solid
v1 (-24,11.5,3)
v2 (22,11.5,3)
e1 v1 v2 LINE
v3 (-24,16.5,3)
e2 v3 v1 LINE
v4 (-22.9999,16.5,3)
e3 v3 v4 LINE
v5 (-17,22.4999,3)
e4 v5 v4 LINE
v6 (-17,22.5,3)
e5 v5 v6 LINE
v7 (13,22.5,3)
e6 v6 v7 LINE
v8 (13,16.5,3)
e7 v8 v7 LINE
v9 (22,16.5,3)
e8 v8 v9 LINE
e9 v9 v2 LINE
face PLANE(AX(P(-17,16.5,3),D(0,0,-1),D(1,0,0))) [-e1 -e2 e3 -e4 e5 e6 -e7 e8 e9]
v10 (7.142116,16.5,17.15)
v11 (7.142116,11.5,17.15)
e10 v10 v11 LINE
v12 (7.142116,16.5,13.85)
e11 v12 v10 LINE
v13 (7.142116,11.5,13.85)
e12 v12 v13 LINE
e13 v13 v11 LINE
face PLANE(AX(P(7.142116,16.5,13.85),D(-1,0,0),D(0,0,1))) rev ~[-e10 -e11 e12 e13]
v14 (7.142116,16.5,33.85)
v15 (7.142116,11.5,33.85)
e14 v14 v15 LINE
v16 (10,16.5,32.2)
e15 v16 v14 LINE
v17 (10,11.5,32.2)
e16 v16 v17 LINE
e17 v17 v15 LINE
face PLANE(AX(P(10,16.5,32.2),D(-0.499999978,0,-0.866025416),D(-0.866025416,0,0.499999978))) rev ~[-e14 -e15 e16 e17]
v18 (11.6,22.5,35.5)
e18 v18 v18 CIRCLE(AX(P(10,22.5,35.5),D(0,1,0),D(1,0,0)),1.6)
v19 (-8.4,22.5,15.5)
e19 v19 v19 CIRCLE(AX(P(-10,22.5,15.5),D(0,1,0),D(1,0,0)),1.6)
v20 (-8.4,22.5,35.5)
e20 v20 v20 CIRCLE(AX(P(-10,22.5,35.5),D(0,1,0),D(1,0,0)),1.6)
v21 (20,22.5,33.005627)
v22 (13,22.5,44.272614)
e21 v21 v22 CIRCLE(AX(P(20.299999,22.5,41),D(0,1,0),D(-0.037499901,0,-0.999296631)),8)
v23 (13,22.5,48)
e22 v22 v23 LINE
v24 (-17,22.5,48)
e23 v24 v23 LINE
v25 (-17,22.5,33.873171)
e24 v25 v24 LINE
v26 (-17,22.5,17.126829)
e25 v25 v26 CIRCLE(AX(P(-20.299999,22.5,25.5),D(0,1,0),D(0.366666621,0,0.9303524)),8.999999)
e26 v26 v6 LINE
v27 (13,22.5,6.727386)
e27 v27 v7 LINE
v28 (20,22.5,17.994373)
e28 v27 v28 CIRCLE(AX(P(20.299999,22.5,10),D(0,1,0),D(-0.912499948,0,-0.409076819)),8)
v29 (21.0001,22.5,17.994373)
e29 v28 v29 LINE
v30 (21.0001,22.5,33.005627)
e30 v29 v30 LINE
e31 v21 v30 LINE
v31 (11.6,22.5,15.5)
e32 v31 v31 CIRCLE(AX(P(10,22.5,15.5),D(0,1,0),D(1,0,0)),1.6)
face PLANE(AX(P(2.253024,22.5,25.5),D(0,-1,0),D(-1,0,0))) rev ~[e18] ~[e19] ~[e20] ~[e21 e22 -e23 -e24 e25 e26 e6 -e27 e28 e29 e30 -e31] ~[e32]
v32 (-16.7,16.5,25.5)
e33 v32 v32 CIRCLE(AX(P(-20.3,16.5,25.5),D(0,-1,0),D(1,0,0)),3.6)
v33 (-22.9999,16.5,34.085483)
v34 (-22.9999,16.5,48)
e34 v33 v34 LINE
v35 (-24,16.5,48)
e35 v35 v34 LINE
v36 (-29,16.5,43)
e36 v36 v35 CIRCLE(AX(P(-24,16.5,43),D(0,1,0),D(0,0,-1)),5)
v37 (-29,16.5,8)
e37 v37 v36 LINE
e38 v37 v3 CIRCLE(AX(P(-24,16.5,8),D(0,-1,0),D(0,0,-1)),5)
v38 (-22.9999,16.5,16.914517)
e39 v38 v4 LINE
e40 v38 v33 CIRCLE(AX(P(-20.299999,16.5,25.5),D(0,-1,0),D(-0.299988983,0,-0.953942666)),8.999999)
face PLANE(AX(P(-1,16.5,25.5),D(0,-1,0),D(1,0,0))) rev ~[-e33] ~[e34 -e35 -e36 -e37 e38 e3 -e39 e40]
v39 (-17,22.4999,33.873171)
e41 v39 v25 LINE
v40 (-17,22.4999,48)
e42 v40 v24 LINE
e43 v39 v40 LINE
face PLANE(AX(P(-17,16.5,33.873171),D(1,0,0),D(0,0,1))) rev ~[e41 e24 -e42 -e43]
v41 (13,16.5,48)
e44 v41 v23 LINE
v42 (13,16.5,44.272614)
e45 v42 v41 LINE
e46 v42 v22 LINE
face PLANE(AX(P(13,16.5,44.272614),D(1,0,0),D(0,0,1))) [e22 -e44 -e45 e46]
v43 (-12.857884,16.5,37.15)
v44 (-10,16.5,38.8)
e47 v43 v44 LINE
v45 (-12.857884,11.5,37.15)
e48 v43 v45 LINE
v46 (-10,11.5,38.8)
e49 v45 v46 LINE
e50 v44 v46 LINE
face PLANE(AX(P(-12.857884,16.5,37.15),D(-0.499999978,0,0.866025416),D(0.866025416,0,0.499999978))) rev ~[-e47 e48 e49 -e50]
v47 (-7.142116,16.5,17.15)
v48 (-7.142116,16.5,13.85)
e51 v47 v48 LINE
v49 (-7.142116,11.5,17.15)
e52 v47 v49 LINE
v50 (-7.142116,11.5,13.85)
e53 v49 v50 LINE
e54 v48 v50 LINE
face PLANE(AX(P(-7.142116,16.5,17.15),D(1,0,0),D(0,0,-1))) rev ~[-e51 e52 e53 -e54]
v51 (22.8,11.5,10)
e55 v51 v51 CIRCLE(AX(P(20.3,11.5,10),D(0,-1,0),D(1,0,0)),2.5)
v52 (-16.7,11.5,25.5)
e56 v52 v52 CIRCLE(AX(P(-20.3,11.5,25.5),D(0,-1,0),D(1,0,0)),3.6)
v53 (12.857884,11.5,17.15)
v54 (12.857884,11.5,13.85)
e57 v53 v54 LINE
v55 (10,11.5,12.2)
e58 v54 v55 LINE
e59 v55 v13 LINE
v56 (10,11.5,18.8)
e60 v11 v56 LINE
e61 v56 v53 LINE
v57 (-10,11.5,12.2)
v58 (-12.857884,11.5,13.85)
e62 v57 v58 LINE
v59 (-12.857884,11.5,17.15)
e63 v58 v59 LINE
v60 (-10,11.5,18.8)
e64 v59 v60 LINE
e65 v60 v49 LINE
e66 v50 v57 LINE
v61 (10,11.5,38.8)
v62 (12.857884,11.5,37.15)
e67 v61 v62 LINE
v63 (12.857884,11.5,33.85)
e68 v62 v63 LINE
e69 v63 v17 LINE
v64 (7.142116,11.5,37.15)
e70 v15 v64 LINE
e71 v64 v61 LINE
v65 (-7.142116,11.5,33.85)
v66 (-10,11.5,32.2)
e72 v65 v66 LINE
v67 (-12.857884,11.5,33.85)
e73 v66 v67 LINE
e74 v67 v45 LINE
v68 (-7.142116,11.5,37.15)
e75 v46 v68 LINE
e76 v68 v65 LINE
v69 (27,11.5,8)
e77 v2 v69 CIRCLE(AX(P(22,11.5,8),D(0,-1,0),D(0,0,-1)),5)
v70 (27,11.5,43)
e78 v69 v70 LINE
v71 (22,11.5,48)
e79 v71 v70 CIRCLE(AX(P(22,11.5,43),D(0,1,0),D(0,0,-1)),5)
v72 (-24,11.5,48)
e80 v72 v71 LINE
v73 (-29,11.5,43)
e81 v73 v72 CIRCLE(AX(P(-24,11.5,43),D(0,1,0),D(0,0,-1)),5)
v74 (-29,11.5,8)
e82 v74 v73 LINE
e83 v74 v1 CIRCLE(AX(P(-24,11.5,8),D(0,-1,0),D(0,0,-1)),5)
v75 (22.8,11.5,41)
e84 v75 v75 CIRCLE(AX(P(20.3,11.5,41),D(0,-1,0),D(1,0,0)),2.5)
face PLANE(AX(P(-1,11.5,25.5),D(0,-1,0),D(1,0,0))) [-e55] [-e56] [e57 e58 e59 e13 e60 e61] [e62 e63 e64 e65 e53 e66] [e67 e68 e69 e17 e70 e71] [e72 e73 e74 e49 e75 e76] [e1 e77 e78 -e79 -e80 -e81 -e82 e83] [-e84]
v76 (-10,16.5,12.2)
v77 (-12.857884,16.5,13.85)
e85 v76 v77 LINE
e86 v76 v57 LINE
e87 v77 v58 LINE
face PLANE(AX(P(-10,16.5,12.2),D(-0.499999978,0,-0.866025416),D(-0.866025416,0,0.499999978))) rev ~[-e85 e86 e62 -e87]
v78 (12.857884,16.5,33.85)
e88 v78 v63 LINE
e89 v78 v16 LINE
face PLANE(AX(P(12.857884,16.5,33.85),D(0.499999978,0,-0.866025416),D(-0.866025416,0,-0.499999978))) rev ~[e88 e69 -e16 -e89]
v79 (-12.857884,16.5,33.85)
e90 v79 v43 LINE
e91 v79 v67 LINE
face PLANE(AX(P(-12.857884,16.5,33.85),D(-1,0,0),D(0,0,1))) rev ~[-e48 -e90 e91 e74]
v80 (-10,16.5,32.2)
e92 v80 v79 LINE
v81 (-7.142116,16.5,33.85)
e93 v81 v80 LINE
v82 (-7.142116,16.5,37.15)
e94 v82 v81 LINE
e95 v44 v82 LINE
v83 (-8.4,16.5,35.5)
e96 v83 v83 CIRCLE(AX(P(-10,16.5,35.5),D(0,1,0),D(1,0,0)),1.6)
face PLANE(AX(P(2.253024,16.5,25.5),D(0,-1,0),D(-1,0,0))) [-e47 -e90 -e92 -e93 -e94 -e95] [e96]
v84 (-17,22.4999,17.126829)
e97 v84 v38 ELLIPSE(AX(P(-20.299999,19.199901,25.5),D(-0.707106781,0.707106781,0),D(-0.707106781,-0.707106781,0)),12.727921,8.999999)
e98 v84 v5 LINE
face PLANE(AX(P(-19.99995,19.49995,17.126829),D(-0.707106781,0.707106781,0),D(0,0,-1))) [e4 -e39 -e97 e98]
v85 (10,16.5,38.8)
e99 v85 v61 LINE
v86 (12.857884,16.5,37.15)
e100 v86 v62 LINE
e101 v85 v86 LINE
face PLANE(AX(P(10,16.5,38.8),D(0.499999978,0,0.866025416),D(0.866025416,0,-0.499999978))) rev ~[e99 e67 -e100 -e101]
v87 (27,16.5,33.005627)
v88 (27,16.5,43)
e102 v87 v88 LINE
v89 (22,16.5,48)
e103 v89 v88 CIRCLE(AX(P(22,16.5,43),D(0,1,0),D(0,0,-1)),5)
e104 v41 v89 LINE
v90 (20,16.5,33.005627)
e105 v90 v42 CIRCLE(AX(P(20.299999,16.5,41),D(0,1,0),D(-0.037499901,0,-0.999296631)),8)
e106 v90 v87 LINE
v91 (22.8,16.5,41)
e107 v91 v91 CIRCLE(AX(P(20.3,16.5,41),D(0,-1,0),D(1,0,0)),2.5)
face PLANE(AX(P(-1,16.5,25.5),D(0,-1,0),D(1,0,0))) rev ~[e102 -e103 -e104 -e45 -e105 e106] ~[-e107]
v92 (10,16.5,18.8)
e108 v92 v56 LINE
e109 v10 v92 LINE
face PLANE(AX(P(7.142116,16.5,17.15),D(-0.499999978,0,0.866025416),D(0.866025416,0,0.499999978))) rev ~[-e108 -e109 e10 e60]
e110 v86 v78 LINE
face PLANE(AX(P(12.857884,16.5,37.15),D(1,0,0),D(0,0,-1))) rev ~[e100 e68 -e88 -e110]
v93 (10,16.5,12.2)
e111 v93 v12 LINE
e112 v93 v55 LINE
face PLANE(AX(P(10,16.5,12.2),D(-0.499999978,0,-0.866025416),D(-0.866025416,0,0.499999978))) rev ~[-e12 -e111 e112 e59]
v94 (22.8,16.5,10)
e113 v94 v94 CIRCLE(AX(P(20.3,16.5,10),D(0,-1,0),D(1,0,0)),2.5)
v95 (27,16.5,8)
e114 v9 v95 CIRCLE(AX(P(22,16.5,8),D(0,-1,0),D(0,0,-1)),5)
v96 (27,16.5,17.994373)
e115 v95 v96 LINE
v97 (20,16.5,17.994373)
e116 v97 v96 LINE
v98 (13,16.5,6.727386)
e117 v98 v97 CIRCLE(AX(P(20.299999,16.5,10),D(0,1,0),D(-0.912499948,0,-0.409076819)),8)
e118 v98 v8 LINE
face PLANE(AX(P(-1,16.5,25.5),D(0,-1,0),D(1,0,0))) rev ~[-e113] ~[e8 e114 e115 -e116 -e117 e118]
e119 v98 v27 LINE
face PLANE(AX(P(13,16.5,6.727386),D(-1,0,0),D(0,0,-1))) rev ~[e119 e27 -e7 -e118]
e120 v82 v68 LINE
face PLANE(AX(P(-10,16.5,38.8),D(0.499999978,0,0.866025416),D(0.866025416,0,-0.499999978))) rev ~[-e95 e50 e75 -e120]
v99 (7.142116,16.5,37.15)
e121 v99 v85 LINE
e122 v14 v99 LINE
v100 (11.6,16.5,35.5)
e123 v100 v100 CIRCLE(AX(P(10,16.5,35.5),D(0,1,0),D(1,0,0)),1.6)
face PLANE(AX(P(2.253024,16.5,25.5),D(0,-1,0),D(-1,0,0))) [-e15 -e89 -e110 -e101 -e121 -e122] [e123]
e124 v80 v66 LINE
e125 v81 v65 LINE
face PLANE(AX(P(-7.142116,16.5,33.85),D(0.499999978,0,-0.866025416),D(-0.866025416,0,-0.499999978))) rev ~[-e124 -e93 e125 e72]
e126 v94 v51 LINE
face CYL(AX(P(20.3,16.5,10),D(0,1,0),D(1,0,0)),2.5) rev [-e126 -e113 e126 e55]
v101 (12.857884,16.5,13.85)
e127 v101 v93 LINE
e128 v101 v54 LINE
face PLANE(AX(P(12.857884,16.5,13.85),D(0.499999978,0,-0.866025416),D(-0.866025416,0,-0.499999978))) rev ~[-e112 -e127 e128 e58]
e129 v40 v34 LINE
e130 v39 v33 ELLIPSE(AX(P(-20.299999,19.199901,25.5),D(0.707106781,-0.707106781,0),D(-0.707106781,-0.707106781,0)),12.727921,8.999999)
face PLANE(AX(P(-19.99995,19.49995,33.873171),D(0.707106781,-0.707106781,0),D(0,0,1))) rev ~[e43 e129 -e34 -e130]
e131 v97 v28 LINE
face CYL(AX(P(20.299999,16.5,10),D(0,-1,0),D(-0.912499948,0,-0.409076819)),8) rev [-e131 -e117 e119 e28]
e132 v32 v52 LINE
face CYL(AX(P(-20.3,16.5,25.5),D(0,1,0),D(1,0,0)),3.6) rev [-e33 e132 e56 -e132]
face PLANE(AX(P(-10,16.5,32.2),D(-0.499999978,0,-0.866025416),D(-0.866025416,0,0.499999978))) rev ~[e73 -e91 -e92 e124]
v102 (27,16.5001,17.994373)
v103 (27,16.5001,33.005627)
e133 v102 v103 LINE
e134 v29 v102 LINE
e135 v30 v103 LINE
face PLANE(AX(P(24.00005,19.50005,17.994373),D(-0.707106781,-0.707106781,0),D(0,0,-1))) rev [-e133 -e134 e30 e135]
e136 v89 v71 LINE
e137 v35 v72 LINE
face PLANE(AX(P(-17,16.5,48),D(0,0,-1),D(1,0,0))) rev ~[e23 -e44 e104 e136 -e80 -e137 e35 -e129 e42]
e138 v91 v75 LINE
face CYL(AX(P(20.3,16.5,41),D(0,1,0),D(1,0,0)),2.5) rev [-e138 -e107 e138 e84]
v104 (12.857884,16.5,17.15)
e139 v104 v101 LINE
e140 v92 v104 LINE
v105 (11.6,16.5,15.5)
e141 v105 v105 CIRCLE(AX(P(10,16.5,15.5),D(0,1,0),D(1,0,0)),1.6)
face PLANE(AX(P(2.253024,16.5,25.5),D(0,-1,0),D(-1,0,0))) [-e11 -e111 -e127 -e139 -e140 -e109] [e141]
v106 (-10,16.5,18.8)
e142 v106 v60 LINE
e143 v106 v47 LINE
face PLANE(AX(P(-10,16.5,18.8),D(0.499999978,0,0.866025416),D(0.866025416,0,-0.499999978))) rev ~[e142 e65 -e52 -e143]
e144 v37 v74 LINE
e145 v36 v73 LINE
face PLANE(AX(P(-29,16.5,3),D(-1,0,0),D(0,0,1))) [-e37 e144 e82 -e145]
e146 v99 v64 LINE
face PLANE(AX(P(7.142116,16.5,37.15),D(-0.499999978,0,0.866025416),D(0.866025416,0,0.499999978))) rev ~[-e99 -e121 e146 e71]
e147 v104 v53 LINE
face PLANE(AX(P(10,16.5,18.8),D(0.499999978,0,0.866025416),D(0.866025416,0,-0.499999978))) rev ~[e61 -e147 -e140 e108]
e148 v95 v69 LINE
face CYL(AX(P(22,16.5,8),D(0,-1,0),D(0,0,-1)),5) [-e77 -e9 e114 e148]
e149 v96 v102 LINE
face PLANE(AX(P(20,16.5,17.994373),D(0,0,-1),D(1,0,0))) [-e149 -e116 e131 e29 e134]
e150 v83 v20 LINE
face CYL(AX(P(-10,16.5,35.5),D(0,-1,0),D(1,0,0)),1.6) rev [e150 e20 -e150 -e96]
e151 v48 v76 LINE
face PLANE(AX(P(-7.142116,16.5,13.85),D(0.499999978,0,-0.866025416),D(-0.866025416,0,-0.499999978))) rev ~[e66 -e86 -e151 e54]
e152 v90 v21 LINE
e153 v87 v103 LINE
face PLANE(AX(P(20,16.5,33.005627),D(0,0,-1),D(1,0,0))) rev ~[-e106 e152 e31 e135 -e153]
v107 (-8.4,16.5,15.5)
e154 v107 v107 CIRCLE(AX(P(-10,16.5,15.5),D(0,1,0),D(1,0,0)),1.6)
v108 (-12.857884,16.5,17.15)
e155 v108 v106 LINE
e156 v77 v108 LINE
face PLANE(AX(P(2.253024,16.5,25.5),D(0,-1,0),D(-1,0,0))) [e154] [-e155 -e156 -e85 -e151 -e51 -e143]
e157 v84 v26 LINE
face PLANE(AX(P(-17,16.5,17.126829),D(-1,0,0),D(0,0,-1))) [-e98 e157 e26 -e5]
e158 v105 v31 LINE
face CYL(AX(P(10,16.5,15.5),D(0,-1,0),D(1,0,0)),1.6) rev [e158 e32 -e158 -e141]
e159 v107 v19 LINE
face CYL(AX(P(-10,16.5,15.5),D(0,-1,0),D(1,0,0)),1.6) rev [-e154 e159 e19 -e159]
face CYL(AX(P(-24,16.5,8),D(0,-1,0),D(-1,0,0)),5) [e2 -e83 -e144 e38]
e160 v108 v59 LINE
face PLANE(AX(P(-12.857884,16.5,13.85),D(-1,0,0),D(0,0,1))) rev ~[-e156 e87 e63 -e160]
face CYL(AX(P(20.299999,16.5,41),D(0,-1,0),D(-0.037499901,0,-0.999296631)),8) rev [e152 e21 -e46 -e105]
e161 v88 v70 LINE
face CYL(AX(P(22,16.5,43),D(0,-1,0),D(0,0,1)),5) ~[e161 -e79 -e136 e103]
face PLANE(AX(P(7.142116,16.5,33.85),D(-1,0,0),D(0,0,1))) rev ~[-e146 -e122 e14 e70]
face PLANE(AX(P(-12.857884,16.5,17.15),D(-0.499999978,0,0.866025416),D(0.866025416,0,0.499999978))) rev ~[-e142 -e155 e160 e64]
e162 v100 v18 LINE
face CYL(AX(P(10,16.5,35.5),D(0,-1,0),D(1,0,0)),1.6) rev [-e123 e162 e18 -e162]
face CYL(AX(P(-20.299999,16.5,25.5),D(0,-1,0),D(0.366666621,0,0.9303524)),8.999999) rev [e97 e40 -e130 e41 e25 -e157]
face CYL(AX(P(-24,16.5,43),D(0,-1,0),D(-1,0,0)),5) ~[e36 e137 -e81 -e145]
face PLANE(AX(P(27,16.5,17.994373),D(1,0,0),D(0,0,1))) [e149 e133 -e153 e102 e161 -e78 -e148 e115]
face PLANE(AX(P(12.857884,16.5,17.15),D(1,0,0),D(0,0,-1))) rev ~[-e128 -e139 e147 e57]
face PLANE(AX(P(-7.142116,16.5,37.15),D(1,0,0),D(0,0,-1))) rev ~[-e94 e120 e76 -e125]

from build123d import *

# Parameters (mm, degrees)
SKETCH050_W     = 56
SKETCH050_H     = 45
SKETCH050_R     = 2.5
SKETCH050_R_2   = 3.6
PAD021_DEPTH    = 5
FILLET004_R     = 5
POCKET019_DEPTH = 5
SKETCH051_R     = 1.6
PAD022_DEPTH    = 6
CHAMFER013_SIZE = 5.9999


with BuildPart() as part:
    # Sketch050 → Pad021 (new body)
    with BuildSketch(Plane.XZ):
        with Locations((-1, 25.5)):
            Rectangle(SKETCH050_W, SKETCH050_H)
        with Locations((20.3, 10)):
            Circle(SKETCH050_R, mode=Mode.SUBTRACT)
        with Locations((20.3, 41)):
            Circle(SKETCH050_R, mode=Mode.SUBTRACT)
        with Locations((-20.3, 25.5)):
            Circle(SKETCH050_R_2, mode=Mode.SUBTRACT)
    extrude(amount=PAD021_DEPTH)

    # Fillet004
    fillet004_edges = [part.edges().sort_by_distance(p)[0] for p in [
        (27, -2.5, 48),
        (27, -2.5, 3),
        (-29, -2.5, 3),
        (-29, -2.5, 48),
    ]]
    fillet(fillet004_edges, radius=FILLET004_R)

    # Sketch049 (on Face2 of Fillet004) → Pocket019 (cut)
    with BuildSketch(Plane(origin=(0, 0, 0), x_dir=(1, 0, 0), z_dir=(0, 1, 0))):
        Polygon((-7.142116, -17.15), (-7.142116, -13.85), (-10, -12.2), (-12.857884, -13.85), (-12.857884, -17.15), (-10, -18.8), align=None)
        Polygon((-7.142116, -33.85), (-10, -32.2), (-12.857884, -33.85), (-12.857884, -37.15), (-10, -38.8), (-7.142116, -37.15), align=None)
        Polygon((12.857884, -37.15), (12.857884, -33.85), (10, -32.2), (7.142116, -33.85), (7.142116, -37.15), (10, -38.8), align=None)
        Polygon((12.857884, -17.15), (12.857884, -13.85), (10, -12.2), (7.142116, -13.85), (7.142116, -17.15), (10, -18.8), align=None)
    extrude(amount=-POCKET019_DEPTH, mode=Mode.SUBTRACT)

    # Sketch051 (on Face2 of Pocket019) → Pad022 (join)
    with BuildSketch(Plane(origin=(0, 0, 0), x_dir=(1, 0, 0), z_dir=(0, 1, 0))):
        with BuildLine():
            ThreePointArc((13, -6.727386), (13.504689, -14.221819), (20, -17.994373))
            Line((20, -17.994373), (27, -17.994373))
            Line((27, -17.994373), (27, -33.005627))
            Line((20, -33.005627), (27, -33.005627))
            ThreePointArc((20, -33.005627), (13.504689, -36.778181), (13, -44.272614))
            Line((13, -44.272614), (13, -48))
            Line((-17, -48), (13, -48))
            Line((-17, -33.873171), (-17, -48))
            ThreePointArc((-17, -33.873171), (-11.3, -25.5), (-17, -17.126829))
            Line((-17, -17.126829), (-17, -3))
            Line((-17, -3), (13, -3))
            Line((13, -6.727386), (13, -3))
        make_face()
        with Locations((-10, -15.5)):
            Circle(SKETCH051_R, mode=Mode.SUBTRACT)
        with Locations((10, -15.5)):
            Circle(SKETCH051_R, mode=Mode.SUBTRACT)
        with Locations((10, -35.5)):
            Circle(SKETCH051_R, mode=Mode.SUBTRACT)
        with Locations((-10, -35.5)):
            Circle(SKETCH051_R, mode=Mode.SUBTRACT)
    extrude(amount=PAD022_DEPTH)

    # Chamfer013
    chamfer013_edges = [part.edges().sort_by_distance(p)[0] for p in [
        (-17, 0, 40.936586),
        (-17, 0, 10.063414),
        (27, 6, 25.5),
    ]]
    chamfer(chamfer013_edges, length=CHAMFER013_SIZE)


with BuildPart() as part_1:
    # Body010 placement: moved
    add(part.part.moved(Location((0, 16.5, 0))))


solid = part_1.part
